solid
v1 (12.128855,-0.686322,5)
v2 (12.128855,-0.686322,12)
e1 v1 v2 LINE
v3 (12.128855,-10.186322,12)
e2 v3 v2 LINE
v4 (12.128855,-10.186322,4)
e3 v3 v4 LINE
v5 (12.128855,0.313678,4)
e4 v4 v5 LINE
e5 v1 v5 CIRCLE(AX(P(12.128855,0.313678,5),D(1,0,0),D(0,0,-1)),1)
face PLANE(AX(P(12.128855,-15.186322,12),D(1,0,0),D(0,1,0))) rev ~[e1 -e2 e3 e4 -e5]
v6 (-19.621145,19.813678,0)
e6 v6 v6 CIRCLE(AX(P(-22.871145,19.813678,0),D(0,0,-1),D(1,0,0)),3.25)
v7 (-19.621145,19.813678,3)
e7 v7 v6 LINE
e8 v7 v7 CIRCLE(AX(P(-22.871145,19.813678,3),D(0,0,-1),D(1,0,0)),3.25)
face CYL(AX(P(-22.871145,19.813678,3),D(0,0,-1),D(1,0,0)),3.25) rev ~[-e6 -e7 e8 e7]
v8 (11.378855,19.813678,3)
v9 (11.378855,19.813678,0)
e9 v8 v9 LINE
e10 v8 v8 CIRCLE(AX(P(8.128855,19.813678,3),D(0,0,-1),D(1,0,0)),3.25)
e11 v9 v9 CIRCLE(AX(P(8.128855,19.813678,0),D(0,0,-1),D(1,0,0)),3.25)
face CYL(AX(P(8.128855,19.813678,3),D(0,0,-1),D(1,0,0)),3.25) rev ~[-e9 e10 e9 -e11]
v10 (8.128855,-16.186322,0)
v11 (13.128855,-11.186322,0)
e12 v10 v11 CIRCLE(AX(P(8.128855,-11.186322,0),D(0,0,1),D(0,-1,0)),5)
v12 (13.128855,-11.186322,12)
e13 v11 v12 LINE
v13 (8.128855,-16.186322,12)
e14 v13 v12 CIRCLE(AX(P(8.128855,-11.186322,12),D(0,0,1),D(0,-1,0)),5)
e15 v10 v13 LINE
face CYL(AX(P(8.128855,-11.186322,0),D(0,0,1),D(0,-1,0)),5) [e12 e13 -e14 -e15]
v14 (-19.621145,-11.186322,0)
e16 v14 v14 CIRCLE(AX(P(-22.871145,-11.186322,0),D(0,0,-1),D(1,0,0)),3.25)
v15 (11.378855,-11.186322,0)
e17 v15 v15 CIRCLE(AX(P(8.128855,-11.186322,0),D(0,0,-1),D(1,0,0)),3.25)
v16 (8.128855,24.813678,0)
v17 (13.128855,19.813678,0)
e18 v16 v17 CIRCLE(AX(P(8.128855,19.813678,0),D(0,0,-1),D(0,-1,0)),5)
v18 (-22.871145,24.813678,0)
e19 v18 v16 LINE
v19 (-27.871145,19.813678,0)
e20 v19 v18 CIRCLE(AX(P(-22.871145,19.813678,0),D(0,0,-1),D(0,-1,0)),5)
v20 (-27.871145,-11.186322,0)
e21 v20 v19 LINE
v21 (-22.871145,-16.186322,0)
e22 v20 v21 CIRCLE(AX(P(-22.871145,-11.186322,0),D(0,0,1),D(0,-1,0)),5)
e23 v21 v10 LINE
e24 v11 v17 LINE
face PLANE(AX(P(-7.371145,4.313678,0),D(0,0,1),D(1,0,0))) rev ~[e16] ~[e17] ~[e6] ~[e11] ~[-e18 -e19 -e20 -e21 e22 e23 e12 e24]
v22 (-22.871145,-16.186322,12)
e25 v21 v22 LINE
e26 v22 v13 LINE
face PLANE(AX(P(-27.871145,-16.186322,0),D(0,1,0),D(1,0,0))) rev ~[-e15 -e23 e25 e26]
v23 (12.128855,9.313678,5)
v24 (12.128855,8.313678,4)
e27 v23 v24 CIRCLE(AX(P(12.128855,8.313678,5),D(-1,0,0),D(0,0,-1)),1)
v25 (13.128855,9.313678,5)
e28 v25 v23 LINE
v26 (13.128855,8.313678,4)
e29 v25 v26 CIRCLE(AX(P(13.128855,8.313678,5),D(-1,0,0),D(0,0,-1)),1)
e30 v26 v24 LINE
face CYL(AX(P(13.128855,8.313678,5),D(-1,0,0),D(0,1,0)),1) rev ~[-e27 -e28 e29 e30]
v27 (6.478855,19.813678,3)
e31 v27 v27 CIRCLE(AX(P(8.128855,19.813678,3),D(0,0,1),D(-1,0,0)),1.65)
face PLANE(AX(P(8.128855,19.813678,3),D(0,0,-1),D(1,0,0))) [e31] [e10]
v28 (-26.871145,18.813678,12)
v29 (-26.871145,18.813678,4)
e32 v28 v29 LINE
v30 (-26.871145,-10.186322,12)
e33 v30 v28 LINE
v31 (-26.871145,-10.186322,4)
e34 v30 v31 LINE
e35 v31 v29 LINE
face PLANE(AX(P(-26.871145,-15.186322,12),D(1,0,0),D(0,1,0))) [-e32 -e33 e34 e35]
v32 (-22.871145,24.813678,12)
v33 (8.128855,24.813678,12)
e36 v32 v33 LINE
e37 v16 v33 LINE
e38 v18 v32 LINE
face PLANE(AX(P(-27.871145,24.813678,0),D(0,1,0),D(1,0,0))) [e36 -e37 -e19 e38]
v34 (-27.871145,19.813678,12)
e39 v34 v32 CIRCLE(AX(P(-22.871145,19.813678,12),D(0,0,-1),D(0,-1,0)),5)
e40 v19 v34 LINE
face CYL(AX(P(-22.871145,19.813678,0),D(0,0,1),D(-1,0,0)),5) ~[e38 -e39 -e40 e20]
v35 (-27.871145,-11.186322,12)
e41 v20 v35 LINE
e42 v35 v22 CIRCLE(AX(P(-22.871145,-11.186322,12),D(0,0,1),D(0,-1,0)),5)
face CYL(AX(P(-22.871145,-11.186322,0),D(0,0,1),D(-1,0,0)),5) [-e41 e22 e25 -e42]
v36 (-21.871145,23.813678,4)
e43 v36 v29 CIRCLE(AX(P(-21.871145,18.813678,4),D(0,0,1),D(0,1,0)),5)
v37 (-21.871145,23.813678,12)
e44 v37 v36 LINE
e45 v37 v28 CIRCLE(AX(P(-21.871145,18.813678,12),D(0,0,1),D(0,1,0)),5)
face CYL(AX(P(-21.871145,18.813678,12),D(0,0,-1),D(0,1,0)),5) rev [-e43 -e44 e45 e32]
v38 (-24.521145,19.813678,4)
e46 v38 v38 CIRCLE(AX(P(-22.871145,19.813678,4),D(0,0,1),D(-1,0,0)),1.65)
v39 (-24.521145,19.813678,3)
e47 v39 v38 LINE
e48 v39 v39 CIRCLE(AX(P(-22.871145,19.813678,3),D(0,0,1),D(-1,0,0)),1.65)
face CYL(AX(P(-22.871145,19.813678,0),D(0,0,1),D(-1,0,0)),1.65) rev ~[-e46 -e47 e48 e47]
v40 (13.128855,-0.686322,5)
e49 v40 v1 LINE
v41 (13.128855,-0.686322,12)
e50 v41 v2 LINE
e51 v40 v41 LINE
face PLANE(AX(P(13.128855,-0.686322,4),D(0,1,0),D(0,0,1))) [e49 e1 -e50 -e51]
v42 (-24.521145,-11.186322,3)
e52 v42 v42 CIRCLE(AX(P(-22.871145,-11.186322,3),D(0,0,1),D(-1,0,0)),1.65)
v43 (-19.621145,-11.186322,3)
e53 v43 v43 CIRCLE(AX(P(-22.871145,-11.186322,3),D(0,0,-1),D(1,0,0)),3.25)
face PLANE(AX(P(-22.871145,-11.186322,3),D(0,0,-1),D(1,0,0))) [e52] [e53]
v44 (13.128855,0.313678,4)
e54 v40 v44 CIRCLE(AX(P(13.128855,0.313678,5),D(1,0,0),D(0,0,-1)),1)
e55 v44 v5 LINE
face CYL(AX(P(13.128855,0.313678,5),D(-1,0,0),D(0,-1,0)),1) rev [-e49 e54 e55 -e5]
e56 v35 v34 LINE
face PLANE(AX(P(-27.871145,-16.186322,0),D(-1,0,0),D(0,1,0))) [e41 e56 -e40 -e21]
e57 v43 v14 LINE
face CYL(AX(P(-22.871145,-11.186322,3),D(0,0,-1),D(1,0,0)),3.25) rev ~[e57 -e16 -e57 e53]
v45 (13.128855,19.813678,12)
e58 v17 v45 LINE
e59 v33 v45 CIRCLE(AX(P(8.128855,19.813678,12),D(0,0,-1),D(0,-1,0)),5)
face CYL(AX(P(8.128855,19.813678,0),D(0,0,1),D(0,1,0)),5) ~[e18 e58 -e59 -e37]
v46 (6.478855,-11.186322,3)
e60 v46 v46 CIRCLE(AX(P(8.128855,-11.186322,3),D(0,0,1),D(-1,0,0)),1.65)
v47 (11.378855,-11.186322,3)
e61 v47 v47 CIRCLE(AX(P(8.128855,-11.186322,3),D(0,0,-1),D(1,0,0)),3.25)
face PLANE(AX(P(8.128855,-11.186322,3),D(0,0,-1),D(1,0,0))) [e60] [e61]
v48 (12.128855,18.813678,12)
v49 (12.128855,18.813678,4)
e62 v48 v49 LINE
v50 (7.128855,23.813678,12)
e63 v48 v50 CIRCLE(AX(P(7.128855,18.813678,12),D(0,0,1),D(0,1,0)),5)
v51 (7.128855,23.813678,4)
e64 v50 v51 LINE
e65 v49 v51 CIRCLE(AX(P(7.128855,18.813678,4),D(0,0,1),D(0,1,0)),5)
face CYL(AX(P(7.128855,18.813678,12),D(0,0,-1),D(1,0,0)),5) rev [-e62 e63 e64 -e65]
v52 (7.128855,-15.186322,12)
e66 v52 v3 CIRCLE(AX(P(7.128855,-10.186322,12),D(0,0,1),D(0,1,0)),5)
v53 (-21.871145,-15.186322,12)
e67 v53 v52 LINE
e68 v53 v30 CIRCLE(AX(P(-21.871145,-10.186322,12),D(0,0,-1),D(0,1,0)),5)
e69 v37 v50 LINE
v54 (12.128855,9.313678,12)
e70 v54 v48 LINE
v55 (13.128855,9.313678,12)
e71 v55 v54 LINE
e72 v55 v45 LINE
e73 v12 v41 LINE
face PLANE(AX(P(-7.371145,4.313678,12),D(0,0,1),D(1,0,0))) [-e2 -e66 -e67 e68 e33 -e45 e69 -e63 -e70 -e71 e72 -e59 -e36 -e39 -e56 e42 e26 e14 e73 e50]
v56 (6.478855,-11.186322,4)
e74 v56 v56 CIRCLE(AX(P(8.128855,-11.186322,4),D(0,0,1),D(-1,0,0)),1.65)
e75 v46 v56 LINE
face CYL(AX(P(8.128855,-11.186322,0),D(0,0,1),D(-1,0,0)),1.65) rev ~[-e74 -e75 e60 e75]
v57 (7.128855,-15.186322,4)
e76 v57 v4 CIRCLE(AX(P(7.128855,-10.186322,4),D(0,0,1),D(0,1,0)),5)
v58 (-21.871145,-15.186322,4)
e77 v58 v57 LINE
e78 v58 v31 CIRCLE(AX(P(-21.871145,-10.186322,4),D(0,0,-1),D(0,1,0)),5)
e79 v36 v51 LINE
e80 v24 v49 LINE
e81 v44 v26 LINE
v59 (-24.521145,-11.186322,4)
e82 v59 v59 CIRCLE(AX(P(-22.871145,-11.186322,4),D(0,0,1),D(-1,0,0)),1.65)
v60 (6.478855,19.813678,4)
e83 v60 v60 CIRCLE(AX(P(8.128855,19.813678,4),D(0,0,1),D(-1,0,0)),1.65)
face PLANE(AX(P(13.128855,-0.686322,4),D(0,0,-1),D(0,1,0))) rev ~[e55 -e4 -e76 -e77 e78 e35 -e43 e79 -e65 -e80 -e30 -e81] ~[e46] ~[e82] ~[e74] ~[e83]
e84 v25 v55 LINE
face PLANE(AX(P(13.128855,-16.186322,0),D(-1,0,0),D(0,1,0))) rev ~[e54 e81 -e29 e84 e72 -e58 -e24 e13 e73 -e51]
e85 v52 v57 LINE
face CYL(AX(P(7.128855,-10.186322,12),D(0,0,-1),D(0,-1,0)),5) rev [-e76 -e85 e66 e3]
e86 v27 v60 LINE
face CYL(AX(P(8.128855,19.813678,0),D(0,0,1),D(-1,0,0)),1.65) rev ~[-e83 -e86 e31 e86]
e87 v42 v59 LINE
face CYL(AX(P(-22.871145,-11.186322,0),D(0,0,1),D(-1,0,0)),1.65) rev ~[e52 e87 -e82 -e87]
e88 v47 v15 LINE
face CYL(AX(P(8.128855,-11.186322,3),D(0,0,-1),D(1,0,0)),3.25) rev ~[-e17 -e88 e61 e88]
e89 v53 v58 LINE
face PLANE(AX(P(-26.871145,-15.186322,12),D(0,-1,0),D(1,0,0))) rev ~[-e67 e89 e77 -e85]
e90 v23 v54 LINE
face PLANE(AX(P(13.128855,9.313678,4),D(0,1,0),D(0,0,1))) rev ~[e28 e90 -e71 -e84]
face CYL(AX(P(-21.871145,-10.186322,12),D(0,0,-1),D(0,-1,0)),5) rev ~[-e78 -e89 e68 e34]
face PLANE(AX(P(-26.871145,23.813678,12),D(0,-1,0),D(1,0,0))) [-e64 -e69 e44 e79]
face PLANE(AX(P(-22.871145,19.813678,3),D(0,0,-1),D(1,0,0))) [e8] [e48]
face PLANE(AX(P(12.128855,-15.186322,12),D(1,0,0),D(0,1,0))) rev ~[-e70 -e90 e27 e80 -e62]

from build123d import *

# Parameters (mm, degrees)
F0_W           = 41
F0_H           = 41
F1_DEPTH       = 12
F2_D           = 3.3
F2_DEPTH       = 20
F2_CBORE_D     = 6.5
F2_CBORE_DEPTH = 3
F2_TIP         = 0.9914200214
F3_W           = 39
F3_H           = 39
F4_DEPTH       = 8
F5_R           = 5
F6_W           = 10
F6_H           = 8
F7_DEPTH       = 1
F8_R           = 1


with BuildPart() as f1:
    # F0 (on Top) → F1 (new body)
    with BuildSketch(Plane.XY):
        with Locations((-7.3711453006, 4.3136782655)):
            Rectangle(F0_W, F0_H)
    extrude(amount=F1_DEPTH)

    # F2
    with Locations(Plane(origin=(0, 0, 0), x_dir=(1, 0, 0), z_dir=(0, 0, -1))):
        with Locations((8.1288546994, -19.8136782655), (-22.8711453006, -19.8136782655), (-22.8711453006, 11.1863217345), (8.1288546994, 11.1863217345)):
            CounterBoreHole(F2_D / 2, F2_CBORE_D / 2, F2_CBORE_DEPTH, depth=F2_DEPTH)
            with Locations((0, 0, -(F2_DEPTH + F2_TIP / 2))):  # 118° drill point
                Cone(0, F2_D / 2, F2_TIP, mode=Mode.SUBTRACT)

    # F3 (on face) → F4 (cut)
    with BuildSketch(Plane.XY.offset(12)):
        with Locations((-7.3711453006, 4.3136782655)):
            Rectangle(F3_W, F3_H)
    extrude(amount=-F4_DEPTH, mode=Mode.SUBTRACT)

    # F5
    f5_edges = [f1.edges().sort_by_distance(p)[0] for p in [
        (13.128855, -16.186322, 6),
        (12.128855, -15.186322, 8),
        (-27.871145, -16.186322, 6),
        (-26.871145, -15.186322, 8),
        (-27.871145, 24.813678, 6),
        (-26.871145, 23.813678, 8),
        (13.128855, 24.813678, 6),
        (12.128855, 23.813678, 8),
    ]]
    fillet(f5_edges, radius=F5_R)

    # F6 (on face) → F7 (cut, through all)
    with BuildSketch(Plane.YZ.offset(13.1288546994)):
        with Locations((4.3136782655, 8)):
            Rectangle(F6_W, F6_H)
    extrude(amount=-F7_DEPTH, mode=Mode.SUBTRACT)

    # F8
    f8_edges = [f1.edges().sort_by_distance(p)[0] for p in [
        (12.628855, 9.313678, 4),
        (12.628855, -0.686322, 4),
    ]]
    fillet(f8_edges, radius=F8_R)


solid = f1.part
